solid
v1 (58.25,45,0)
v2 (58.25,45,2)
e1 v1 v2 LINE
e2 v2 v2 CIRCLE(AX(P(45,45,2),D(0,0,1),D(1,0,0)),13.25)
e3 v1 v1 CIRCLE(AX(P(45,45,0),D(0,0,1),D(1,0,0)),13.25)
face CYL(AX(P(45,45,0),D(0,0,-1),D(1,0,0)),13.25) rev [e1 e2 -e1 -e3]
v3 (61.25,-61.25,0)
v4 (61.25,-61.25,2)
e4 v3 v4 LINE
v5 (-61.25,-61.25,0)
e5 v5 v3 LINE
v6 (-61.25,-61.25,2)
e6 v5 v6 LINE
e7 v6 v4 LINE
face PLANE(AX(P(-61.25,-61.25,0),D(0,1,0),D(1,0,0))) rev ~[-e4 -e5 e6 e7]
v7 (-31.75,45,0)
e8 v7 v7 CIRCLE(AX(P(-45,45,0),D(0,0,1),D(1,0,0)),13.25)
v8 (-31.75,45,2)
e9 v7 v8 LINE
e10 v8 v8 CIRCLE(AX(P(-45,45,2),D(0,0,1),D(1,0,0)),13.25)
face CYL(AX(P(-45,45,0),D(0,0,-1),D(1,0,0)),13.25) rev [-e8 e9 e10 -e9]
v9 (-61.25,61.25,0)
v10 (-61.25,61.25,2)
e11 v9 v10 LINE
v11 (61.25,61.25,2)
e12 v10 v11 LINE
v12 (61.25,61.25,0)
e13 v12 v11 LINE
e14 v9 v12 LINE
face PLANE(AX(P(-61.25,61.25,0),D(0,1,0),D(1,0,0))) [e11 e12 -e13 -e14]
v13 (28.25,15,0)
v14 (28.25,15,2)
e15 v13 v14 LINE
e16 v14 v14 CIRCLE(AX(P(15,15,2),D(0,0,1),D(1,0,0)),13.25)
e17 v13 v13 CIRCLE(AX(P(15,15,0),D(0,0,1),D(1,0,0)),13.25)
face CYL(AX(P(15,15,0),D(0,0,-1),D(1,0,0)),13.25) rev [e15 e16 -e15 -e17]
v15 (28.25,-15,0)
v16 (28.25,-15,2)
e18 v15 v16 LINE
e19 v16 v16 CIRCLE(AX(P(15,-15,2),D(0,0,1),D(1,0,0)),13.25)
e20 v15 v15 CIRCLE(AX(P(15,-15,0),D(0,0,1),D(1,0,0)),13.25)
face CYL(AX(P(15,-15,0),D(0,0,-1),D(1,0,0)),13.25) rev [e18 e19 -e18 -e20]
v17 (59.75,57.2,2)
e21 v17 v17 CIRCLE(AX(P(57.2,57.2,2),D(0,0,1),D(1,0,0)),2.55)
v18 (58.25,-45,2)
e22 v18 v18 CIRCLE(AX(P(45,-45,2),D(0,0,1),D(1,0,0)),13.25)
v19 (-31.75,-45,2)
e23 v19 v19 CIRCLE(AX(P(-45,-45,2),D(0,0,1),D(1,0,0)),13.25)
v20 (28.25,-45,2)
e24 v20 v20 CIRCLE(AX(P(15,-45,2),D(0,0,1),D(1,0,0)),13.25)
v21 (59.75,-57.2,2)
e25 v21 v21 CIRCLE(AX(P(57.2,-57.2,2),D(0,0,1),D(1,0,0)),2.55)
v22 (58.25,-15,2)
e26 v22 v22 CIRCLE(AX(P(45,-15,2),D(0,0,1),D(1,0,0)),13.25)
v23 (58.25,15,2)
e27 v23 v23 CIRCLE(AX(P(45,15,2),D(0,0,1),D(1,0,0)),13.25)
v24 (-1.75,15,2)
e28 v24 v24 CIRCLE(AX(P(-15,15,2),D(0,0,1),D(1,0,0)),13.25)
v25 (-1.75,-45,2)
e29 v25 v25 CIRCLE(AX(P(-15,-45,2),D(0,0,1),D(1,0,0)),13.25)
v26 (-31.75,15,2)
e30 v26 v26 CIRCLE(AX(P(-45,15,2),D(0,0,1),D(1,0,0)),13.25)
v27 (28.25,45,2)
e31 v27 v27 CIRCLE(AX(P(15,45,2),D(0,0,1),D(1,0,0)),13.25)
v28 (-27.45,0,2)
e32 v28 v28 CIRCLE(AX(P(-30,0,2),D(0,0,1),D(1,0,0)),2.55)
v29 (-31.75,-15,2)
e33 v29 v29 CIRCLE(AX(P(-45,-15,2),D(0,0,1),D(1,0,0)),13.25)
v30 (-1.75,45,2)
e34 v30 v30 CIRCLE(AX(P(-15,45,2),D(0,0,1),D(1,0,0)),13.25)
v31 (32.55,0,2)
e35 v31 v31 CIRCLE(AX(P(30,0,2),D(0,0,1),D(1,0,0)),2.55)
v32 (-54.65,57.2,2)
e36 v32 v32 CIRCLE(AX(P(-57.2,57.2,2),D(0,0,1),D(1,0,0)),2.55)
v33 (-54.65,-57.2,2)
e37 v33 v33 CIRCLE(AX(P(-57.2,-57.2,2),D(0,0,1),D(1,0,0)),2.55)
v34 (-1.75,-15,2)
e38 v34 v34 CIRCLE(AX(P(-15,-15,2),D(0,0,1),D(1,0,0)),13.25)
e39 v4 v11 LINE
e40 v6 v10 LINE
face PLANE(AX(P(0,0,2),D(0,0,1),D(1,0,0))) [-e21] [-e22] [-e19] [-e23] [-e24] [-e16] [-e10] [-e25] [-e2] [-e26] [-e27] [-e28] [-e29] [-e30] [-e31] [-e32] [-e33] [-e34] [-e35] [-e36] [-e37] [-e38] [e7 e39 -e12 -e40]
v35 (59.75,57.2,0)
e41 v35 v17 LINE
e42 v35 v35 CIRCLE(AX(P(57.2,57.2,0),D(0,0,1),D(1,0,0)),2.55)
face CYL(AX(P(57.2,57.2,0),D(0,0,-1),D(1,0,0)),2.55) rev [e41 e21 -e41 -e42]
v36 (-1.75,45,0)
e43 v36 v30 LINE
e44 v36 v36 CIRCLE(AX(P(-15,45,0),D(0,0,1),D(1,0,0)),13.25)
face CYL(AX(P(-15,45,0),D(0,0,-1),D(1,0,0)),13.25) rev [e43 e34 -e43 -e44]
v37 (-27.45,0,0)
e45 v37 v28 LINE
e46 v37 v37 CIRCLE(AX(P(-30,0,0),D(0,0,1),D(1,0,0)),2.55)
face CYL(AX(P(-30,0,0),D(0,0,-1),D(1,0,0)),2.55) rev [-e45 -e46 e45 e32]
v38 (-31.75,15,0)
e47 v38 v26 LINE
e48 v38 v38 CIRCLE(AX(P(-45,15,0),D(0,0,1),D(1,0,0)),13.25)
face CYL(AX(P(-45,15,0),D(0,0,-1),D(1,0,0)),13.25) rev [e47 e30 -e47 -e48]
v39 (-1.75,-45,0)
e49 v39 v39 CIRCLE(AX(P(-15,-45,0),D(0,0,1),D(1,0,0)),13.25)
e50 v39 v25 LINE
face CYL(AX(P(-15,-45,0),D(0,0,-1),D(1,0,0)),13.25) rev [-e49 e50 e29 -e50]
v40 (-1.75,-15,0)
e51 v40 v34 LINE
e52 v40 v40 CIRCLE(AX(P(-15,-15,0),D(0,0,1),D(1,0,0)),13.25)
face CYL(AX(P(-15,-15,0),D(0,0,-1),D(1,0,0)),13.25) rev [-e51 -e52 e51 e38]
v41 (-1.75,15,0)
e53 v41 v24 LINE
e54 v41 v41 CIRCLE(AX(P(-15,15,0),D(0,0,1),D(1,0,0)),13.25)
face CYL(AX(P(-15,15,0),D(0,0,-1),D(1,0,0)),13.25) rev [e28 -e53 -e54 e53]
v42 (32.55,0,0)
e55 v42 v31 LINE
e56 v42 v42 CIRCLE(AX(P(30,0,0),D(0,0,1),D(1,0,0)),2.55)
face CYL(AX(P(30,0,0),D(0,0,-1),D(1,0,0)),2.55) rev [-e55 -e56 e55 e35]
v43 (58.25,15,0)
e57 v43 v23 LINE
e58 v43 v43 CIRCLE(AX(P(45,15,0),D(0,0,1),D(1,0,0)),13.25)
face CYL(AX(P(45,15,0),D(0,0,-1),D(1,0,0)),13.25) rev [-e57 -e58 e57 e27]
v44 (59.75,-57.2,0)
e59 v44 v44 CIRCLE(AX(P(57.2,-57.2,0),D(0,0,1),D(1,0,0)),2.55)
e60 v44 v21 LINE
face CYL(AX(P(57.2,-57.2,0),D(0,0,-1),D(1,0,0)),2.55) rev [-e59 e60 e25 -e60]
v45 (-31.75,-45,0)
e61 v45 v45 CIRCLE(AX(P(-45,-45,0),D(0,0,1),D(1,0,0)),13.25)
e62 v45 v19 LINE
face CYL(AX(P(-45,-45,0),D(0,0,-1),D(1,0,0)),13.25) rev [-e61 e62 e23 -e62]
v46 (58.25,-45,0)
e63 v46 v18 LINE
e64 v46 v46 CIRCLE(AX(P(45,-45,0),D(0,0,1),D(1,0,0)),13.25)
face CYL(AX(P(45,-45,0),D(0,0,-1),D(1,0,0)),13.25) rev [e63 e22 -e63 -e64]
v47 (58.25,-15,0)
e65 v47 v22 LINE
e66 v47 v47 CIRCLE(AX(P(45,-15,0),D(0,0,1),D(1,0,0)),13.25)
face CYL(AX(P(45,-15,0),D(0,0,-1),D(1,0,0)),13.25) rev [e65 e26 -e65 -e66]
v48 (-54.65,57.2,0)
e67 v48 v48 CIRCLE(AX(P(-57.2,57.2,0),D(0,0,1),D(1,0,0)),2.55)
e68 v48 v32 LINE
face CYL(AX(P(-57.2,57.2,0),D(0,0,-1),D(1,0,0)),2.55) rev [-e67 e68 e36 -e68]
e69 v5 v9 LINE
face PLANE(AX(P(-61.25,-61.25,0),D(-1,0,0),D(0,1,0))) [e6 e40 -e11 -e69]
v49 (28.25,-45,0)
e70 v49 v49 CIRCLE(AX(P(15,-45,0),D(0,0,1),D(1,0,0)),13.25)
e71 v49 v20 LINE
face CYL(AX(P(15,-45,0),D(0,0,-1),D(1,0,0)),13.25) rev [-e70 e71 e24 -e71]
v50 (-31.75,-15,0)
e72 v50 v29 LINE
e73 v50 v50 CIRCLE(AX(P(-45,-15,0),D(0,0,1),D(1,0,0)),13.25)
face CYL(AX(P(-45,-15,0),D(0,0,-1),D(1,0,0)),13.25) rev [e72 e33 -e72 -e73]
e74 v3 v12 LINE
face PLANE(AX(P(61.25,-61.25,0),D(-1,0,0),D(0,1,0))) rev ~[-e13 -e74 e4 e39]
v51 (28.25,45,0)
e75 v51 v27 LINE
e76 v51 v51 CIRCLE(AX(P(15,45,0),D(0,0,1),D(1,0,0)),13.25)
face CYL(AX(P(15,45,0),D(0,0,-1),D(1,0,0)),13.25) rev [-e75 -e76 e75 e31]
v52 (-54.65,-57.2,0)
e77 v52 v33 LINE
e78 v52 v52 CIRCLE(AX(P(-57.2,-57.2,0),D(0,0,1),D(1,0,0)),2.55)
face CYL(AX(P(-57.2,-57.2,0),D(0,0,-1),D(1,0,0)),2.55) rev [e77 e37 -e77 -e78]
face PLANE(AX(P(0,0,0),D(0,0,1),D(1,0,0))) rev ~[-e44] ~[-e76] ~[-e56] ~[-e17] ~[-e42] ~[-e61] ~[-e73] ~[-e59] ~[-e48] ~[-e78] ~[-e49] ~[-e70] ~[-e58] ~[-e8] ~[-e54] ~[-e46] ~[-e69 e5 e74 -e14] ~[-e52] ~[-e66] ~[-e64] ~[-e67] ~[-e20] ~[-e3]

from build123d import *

# Parameters (mm, degrees)
F0_W     = 122.5
F0_H     = 122.5
F0_R     = 2.55
F0_R_2   = 13.25
F1_DEPTH = 2


with BuildPart() as f1:
    # F0 (on Top) → F1 (new body)
    with BuildSketch(Plane.XY):
        Rectangle(F0_W, F0_H)
        with Locations((-57.2, -57.2)):
            Circle(F0_R, mode=Mode.SUBTRACT)
        with Locations((-45, -45)):
            Circle(F0_R_2, mode=Mode.SUBTRACT)
        with Locations((-15, -45)):
            Circle(F0_R_2, mode=Mode.SUBTRACT)
        with Locations((-45, -15)):
            Circle(F0_R_2, mode=Mode.SUBTRACT)
        with Locations((-15, -15)):
            Circle(F0_R_2, mode=Mode.SUBTRACT)
        with Locations((15, -45)):
            Circle(F0_R_2, mode=Mode.SUBTRACT)
        with Locations((57.2, -57.2)):
            Circle(F0_R, mode=Mode.SUBTRACT)
        with Locations((45, -45)):
            Circle(F0_R_2, mode=Mode.SUBTRACT)
        with Locations((15, -15)):
            Circle(F0_R_2, mode=Mode.SUBTRACT)
        with Locations((45, -15)):
            Circle(F0_R_2, mode=Mode.SUBTRACT)
        with Locations((-45, 15)):
            Circle(F0_R_2, mode=Mode.SUBTRACT)
        with Locations((-30, 0)):
            Circle(F0_R, mode=Mode.SUBTRACT)
        with Locations((-15, 15)):
            Circle(F0_R_2, mode=Mode.SUBTRACT)
        with Locations((-45, 45)):
            Circle(F0_R_2, mode=Mode.SUBTRACT)
        with Locations((-57.2, 57.2)):
            Circle(F0_R, mode=Mode.SUBTRACT)
        with Locations((-15, 45)):
            Circle(F0_R_2, mode=Mode.SUBTRACT)
        with Locations((15, 15)):
            Circle(F0_R_2, mode=Mode.SUBTRACT)
        with Locations((30, 0)):
            Circle(F0_R, mode=Mode.SUBTRACT)
        with Locations((45, 15)):
            Circle(F0_R_2, mode=Mode.SUBTRACT)
        with Locations((15, 45)):
            Circle(F0_R_2, mode=Mode.SUBTRACT)
        with Locations((45, 45)):
            Circle(F0_R_2, mode=Mode.SUBTRACT)
        with Locations((57.2, 57.2)):
            Circle(F0_R, mode=Mode.SUBTRACT)
    extrude(amount=F1_DEPTH)


solid = f1.part
